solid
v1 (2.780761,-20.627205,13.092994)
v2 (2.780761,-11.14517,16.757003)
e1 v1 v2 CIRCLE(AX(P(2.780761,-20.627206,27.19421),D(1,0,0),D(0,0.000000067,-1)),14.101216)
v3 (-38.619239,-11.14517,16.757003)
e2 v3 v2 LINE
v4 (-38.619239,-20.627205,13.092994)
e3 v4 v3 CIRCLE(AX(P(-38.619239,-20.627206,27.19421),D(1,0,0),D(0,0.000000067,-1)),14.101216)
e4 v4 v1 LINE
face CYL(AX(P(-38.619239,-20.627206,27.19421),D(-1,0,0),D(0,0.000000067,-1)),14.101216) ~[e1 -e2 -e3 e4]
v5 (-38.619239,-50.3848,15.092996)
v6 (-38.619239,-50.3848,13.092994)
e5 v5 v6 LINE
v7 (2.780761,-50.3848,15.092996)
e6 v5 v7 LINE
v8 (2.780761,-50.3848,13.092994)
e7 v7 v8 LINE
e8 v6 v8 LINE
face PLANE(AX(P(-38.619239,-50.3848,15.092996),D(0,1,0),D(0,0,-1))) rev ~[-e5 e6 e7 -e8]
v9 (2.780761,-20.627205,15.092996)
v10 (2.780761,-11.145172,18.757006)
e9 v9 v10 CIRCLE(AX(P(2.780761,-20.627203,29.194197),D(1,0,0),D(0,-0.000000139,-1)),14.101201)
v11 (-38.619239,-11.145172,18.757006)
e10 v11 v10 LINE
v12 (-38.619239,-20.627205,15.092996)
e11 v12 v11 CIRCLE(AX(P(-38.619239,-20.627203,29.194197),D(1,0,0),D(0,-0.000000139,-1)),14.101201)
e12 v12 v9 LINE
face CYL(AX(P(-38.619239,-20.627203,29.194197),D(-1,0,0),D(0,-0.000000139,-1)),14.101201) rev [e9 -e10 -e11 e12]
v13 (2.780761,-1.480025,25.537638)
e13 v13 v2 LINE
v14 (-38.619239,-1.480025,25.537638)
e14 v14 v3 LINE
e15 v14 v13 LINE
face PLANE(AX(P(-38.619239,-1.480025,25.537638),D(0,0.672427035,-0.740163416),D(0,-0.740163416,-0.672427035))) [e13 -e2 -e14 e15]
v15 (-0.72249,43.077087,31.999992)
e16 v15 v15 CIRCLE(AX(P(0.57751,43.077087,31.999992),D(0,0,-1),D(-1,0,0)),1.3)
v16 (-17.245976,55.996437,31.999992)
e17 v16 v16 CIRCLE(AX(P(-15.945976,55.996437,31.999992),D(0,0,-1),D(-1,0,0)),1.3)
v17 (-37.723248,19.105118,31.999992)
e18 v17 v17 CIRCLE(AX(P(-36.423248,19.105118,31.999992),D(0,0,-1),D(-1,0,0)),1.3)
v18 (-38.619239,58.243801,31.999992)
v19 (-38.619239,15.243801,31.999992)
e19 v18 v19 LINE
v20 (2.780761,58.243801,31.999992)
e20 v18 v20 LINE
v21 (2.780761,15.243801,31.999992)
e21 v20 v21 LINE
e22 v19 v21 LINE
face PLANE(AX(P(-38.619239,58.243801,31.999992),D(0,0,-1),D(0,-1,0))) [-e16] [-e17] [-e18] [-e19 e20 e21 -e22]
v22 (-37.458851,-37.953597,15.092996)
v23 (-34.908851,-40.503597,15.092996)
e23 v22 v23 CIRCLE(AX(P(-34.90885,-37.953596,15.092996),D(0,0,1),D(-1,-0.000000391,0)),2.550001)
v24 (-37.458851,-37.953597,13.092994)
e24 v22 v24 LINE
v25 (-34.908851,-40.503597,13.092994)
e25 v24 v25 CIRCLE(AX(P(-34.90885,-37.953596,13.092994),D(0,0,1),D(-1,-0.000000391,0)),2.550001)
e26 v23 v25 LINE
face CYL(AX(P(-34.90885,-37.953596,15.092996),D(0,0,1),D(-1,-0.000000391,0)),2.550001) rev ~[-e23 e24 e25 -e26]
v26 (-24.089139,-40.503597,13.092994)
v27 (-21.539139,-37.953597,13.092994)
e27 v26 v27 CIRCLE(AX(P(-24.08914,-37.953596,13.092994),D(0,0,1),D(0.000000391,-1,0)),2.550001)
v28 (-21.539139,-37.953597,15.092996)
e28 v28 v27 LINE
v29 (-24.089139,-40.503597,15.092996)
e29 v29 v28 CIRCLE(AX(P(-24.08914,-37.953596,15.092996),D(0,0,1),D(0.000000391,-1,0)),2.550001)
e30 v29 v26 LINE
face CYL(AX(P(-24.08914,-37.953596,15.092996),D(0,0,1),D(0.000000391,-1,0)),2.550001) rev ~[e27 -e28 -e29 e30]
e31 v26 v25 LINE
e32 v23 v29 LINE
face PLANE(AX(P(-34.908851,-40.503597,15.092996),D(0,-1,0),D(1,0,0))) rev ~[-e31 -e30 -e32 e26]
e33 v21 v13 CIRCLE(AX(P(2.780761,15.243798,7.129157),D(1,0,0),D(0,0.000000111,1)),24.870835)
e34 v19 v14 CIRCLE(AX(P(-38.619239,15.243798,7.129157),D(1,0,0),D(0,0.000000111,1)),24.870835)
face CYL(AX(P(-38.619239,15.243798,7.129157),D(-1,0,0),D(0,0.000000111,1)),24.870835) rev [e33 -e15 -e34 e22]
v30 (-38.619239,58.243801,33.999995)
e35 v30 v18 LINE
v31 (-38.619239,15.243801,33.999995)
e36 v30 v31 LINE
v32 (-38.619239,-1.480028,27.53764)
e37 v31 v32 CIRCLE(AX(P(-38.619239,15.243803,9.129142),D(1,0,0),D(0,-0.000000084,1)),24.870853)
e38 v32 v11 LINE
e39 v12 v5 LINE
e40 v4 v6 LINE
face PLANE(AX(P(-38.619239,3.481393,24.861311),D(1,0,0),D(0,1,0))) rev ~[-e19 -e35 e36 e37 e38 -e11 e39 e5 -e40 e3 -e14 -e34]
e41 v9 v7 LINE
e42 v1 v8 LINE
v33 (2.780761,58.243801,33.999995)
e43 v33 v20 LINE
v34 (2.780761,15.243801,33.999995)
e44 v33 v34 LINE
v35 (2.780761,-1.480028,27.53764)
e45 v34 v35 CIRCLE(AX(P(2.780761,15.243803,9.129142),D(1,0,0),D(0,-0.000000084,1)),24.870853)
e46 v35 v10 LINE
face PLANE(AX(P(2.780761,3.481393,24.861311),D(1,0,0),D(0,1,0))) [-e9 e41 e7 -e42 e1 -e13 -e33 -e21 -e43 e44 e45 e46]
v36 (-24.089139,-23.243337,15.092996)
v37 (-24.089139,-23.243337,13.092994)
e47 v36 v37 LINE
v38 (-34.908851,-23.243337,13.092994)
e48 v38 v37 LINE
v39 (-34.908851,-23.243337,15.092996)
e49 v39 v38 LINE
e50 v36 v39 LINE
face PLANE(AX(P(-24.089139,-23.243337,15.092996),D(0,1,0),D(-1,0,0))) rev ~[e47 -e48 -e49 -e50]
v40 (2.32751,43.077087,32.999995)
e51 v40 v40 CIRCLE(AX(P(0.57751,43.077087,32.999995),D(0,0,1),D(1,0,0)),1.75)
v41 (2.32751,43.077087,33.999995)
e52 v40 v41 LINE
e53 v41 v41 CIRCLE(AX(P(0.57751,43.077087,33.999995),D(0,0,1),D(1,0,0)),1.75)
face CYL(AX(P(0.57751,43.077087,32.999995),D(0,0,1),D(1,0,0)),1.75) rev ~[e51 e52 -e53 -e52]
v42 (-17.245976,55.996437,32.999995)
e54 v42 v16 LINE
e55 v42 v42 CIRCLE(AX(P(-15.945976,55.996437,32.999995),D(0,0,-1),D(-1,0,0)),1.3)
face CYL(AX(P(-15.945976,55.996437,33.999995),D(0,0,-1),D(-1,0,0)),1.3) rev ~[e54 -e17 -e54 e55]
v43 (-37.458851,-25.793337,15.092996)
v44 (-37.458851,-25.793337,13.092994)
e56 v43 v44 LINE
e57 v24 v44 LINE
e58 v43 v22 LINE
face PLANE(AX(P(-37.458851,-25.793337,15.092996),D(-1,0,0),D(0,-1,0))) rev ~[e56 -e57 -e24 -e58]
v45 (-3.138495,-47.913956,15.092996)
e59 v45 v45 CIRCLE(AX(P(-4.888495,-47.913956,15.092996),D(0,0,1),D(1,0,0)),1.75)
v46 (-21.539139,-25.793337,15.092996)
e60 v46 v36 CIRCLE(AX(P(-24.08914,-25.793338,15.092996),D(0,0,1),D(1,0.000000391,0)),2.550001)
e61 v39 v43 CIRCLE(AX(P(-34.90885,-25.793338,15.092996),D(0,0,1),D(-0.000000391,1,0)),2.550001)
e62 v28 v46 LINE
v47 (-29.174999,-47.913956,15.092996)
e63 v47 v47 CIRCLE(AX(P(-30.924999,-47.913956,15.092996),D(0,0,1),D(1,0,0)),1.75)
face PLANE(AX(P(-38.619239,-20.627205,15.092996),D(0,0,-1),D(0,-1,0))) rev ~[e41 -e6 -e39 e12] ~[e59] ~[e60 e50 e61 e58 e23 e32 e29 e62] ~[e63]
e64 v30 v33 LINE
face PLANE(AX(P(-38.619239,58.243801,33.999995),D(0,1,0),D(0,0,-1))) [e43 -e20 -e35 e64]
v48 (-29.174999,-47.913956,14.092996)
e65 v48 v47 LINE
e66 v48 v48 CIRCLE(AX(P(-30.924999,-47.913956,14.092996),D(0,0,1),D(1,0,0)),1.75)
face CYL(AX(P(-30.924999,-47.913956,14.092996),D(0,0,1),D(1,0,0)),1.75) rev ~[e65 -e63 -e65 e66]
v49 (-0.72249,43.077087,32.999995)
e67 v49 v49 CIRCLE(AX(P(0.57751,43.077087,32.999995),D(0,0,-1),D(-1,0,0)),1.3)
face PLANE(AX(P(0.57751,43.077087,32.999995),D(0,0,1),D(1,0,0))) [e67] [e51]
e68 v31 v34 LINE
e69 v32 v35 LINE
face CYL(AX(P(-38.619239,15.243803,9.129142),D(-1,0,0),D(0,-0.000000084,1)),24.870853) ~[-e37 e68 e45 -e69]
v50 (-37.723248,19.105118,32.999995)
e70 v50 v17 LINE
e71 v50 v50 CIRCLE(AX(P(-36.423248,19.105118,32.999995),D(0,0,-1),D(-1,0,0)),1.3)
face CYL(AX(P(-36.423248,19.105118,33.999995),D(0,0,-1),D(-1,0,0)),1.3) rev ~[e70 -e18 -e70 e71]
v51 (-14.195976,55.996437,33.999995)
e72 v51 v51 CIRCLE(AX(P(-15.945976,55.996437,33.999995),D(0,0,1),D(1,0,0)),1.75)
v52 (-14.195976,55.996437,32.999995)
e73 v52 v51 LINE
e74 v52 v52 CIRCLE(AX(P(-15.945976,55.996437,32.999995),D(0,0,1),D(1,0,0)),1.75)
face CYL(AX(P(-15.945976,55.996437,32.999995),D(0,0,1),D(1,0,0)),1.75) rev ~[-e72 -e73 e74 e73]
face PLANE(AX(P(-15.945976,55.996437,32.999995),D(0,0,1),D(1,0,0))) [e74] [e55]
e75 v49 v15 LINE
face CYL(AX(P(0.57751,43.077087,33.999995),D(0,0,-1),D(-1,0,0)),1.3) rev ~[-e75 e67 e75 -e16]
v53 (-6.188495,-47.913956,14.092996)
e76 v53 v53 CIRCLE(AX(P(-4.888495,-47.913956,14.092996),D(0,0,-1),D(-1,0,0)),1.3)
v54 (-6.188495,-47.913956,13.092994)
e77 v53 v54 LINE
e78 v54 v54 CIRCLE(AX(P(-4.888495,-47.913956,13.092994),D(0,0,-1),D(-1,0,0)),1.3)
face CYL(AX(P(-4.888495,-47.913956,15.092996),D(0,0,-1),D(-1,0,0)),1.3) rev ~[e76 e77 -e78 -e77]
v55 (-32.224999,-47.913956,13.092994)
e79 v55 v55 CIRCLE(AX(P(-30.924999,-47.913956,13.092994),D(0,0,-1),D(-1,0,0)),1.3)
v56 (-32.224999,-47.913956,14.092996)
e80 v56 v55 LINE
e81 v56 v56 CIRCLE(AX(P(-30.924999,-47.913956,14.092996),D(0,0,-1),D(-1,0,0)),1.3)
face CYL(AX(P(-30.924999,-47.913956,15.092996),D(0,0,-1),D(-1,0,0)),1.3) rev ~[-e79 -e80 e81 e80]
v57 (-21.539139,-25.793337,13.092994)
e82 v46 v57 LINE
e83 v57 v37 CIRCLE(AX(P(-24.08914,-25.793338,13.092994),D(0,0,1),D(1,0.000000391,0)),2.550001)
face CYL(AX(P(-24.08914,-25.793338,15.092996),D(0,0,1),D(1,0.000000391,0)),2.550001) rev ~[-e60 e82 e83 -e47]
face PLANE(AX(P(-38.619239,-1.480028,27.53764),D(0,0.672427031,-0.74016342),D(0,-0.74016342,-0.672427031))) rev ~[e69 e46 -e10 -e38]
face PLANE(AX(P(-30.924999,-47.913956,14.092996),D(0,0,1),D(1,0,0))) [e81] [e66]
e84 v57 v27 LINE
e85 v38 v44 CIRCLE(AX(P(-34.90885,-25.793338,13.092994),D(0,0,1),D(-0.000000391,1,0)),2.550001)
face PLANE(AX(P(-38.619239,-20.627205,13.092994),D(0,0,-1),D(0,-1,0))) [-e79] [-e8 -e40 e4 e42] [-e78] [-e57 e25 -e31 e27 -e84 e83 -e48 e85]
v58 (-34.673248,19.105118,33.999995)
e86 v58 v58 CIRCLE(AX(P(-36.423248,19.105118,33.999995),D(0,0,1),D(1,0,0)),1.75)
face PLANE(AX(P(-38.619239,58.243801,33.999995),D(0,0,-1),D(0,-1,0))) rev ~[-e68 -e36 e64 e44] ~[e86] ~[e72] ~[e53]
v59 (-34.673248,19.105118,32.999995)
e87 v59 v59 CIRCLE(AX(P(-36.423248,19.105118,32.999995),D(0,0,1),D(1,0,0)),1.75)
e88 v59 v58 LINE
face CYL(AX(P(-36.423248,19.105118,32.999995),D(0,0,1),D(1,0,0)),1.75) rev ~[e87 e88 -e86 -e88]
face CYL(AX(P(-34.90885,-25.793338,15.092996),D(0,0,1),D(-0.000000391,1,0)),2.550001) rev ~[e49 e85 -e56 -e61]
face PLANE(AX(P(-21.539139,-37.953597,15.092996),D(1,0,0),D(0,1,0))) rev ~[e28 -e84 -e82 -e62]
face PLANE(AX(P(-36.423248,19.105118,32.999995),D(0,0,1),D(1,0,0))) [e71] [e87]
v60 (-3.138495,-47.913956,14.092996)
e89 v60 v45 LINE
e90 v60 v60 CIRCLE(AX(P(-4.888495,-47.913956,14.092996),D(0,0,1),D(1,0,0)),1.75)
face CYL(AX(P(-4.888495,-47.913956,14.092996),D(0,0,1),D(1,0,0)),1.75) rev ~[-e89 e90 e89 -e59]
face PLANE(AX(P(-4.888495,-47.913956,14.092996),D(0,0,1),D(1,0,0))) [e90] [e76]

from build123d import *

# Parameters (mm, degrees)
PAD041_START        = 0.3
PAD041_DEPTH        = 41.4
HOLE006_D           = 2.6
HOLE006_DEPTH       = 3
HOLE006_CBORE_D     = 3.5
HOLE006_CBORE_DEPTH = 1
HOLE006_TIPS_R      = 1.3
POCKET012_DEPTH     = 3
HOLE007_D           = 2.6
HOLE007_DEPTH       = 4
HOLE007_CBORE_D     = 3.5
HOLE007_CBORE_DEPTH = 1


with BuildPart() as part:
    # Sketch063 (on Face1 of CopyPocket007) → Pad041 (new body)
    with BuildSketch(Plane.YZ.offset(-38.919239).offset(PAD041_START)):
        with BuildLine():
            Line((58.243801, 33.999995), (15.243801, 33.999995))
            ThreePointArc((15.243801, 33.999995), (6.279309, 32.328219), (-1.480028, 27.53764))
            Line((-1.480028, 27.53764), (-11.145172, 18.757006))
            ThreePointArc((-20.627205, 15.092996), (-15.54454, 16.040855), (-11.145172, 18.757006))
            Line((-20.627205, 15.092996), (-50.3848, 15.092996))
            Line((-50.3848, 15.092996), (-50.3848, 13.092994))
            Line((-20.627205, 13.092994), (-50.3848, 13.092994))
            ThreePointArc((-20.627205, 13.092994), (-15.54454, 14.040853), (-11.14517, 16.757003))
            Line((-1.480025, 25.537638), (-11.14517, 16.757003))
            ThreePointArc((15.243801, 31.999992), (6.27931, 30.328217), (-1.480025, 25.537638))
            Line((58.243801, 31.999992), (15.243801, 31.999992))
            Line((58.243801, 33.999995), (58.243801, 31.999992))
        make_face()
    extrude(amount=PAD041_DEPTH)

    # Hole006
    with Locations(Plane.XY.offset(33.999995)):
        with Locations((-36.423248, 19.105118), (0.57751, 43.077087), (-15.945976, 55.996437)):
            CounterBoreHole(HOLE006_D / 2, HOLE006_CBORE_D / 2, HOLE006_CBORE_DEPTH, depth=HOLE006_DEPTH)

    # Hole006 tips → Hole006 tip 1 section 0
    with BuildSketch(Plane.XY.offset(30.999995), mode=Mode.PRIVATE) as hole006_tip_1_s0:
        with Locations((-36.423248, 19.105118)):
            Circle(HOLE006_TIPS_R)
    loft([hole006_tip_1_s0.sketch, Vertex(-36.423248, 19.105118, 30.218876)], mode=Mode.SUBTRACT)

    # Hole006 tips → Hole006 tip 2 section 0
    with BuildSketch(Plane.XY.offset(30.999995), mode=Mode.PRIVATE) as hole006_tip_2_s0:
        with Locations((0.57751, 43.077087)):
            Circle(HOLE006_TIPS_R)
    loft([hole006_tip_2_s0.sketch, Vertex(0.57751, 43.077087, 30.218876)], mode=Mode.SUBTRACT)

    # Hole006 tips → Hole006 tip 3 section 0
    with BuildSketch(Plane.XY.offset(30.999995), mode=Mode.PRIVATE) as hole006_tip_3_s0:
        with Locations((-15.945976, 55.996437)):
            Circle(HOLE006_TIPS_R)
    loft([hole006_tip_3_s0.sketch, Vertex(-15.945976, 55.996437, 30.218876)], mode=Mode.SUBTRACT)

    # Sketch065 (on Face12 of Hole006) → Pocket012 (cut)
    with BuildSketch(Plane.XY.offset(15.092996)):
        with BuildLine():
            Line((-37.458851, -25.793337), (-37.458851, -37.953597))
            ThreePointArc((-37.458851, -37.953597), (-36.711973, -39.756719), (-34.908851, -40.503597))
            Line((-34.908851, -40.503597), (-24.089139, -40.503597))
            ThreePointArc((-24.089139, -40.503597), (-22.286017, -39.756719), (-21.539139, -37.953597))
            Line((-21.539139, -37.953597), (-21.539139, -25.793337))
            ThreePointArc((-21.539139, -25.793337), (-22.286017, -23.990215), (-24.089139, -23.243337))
            Line((-24.089139, -23.243337), (-34.908851, -23.243337))
            ThreePointArc((-34.908851, -23.243337), (-36.711973, -23.990215), (-37.458851, -25.793337))
        make_face()
    extrude(amount=-POCKET012_DEPTH, mode=Mode.SUBTRACT)

    # Hole007
    with Locations(Plane.XY.offset(15.092996)):
        with Locations((-4.888495, -47.913956), (-30.924999, -47.913956)):
            CounterBoreHole(HOLE007_D / 2, HOLE007_CBORE_D / 2, HOLE007_CBORE_DEPTH, depth=HOLE007_DEPTH)


solid = part.part
